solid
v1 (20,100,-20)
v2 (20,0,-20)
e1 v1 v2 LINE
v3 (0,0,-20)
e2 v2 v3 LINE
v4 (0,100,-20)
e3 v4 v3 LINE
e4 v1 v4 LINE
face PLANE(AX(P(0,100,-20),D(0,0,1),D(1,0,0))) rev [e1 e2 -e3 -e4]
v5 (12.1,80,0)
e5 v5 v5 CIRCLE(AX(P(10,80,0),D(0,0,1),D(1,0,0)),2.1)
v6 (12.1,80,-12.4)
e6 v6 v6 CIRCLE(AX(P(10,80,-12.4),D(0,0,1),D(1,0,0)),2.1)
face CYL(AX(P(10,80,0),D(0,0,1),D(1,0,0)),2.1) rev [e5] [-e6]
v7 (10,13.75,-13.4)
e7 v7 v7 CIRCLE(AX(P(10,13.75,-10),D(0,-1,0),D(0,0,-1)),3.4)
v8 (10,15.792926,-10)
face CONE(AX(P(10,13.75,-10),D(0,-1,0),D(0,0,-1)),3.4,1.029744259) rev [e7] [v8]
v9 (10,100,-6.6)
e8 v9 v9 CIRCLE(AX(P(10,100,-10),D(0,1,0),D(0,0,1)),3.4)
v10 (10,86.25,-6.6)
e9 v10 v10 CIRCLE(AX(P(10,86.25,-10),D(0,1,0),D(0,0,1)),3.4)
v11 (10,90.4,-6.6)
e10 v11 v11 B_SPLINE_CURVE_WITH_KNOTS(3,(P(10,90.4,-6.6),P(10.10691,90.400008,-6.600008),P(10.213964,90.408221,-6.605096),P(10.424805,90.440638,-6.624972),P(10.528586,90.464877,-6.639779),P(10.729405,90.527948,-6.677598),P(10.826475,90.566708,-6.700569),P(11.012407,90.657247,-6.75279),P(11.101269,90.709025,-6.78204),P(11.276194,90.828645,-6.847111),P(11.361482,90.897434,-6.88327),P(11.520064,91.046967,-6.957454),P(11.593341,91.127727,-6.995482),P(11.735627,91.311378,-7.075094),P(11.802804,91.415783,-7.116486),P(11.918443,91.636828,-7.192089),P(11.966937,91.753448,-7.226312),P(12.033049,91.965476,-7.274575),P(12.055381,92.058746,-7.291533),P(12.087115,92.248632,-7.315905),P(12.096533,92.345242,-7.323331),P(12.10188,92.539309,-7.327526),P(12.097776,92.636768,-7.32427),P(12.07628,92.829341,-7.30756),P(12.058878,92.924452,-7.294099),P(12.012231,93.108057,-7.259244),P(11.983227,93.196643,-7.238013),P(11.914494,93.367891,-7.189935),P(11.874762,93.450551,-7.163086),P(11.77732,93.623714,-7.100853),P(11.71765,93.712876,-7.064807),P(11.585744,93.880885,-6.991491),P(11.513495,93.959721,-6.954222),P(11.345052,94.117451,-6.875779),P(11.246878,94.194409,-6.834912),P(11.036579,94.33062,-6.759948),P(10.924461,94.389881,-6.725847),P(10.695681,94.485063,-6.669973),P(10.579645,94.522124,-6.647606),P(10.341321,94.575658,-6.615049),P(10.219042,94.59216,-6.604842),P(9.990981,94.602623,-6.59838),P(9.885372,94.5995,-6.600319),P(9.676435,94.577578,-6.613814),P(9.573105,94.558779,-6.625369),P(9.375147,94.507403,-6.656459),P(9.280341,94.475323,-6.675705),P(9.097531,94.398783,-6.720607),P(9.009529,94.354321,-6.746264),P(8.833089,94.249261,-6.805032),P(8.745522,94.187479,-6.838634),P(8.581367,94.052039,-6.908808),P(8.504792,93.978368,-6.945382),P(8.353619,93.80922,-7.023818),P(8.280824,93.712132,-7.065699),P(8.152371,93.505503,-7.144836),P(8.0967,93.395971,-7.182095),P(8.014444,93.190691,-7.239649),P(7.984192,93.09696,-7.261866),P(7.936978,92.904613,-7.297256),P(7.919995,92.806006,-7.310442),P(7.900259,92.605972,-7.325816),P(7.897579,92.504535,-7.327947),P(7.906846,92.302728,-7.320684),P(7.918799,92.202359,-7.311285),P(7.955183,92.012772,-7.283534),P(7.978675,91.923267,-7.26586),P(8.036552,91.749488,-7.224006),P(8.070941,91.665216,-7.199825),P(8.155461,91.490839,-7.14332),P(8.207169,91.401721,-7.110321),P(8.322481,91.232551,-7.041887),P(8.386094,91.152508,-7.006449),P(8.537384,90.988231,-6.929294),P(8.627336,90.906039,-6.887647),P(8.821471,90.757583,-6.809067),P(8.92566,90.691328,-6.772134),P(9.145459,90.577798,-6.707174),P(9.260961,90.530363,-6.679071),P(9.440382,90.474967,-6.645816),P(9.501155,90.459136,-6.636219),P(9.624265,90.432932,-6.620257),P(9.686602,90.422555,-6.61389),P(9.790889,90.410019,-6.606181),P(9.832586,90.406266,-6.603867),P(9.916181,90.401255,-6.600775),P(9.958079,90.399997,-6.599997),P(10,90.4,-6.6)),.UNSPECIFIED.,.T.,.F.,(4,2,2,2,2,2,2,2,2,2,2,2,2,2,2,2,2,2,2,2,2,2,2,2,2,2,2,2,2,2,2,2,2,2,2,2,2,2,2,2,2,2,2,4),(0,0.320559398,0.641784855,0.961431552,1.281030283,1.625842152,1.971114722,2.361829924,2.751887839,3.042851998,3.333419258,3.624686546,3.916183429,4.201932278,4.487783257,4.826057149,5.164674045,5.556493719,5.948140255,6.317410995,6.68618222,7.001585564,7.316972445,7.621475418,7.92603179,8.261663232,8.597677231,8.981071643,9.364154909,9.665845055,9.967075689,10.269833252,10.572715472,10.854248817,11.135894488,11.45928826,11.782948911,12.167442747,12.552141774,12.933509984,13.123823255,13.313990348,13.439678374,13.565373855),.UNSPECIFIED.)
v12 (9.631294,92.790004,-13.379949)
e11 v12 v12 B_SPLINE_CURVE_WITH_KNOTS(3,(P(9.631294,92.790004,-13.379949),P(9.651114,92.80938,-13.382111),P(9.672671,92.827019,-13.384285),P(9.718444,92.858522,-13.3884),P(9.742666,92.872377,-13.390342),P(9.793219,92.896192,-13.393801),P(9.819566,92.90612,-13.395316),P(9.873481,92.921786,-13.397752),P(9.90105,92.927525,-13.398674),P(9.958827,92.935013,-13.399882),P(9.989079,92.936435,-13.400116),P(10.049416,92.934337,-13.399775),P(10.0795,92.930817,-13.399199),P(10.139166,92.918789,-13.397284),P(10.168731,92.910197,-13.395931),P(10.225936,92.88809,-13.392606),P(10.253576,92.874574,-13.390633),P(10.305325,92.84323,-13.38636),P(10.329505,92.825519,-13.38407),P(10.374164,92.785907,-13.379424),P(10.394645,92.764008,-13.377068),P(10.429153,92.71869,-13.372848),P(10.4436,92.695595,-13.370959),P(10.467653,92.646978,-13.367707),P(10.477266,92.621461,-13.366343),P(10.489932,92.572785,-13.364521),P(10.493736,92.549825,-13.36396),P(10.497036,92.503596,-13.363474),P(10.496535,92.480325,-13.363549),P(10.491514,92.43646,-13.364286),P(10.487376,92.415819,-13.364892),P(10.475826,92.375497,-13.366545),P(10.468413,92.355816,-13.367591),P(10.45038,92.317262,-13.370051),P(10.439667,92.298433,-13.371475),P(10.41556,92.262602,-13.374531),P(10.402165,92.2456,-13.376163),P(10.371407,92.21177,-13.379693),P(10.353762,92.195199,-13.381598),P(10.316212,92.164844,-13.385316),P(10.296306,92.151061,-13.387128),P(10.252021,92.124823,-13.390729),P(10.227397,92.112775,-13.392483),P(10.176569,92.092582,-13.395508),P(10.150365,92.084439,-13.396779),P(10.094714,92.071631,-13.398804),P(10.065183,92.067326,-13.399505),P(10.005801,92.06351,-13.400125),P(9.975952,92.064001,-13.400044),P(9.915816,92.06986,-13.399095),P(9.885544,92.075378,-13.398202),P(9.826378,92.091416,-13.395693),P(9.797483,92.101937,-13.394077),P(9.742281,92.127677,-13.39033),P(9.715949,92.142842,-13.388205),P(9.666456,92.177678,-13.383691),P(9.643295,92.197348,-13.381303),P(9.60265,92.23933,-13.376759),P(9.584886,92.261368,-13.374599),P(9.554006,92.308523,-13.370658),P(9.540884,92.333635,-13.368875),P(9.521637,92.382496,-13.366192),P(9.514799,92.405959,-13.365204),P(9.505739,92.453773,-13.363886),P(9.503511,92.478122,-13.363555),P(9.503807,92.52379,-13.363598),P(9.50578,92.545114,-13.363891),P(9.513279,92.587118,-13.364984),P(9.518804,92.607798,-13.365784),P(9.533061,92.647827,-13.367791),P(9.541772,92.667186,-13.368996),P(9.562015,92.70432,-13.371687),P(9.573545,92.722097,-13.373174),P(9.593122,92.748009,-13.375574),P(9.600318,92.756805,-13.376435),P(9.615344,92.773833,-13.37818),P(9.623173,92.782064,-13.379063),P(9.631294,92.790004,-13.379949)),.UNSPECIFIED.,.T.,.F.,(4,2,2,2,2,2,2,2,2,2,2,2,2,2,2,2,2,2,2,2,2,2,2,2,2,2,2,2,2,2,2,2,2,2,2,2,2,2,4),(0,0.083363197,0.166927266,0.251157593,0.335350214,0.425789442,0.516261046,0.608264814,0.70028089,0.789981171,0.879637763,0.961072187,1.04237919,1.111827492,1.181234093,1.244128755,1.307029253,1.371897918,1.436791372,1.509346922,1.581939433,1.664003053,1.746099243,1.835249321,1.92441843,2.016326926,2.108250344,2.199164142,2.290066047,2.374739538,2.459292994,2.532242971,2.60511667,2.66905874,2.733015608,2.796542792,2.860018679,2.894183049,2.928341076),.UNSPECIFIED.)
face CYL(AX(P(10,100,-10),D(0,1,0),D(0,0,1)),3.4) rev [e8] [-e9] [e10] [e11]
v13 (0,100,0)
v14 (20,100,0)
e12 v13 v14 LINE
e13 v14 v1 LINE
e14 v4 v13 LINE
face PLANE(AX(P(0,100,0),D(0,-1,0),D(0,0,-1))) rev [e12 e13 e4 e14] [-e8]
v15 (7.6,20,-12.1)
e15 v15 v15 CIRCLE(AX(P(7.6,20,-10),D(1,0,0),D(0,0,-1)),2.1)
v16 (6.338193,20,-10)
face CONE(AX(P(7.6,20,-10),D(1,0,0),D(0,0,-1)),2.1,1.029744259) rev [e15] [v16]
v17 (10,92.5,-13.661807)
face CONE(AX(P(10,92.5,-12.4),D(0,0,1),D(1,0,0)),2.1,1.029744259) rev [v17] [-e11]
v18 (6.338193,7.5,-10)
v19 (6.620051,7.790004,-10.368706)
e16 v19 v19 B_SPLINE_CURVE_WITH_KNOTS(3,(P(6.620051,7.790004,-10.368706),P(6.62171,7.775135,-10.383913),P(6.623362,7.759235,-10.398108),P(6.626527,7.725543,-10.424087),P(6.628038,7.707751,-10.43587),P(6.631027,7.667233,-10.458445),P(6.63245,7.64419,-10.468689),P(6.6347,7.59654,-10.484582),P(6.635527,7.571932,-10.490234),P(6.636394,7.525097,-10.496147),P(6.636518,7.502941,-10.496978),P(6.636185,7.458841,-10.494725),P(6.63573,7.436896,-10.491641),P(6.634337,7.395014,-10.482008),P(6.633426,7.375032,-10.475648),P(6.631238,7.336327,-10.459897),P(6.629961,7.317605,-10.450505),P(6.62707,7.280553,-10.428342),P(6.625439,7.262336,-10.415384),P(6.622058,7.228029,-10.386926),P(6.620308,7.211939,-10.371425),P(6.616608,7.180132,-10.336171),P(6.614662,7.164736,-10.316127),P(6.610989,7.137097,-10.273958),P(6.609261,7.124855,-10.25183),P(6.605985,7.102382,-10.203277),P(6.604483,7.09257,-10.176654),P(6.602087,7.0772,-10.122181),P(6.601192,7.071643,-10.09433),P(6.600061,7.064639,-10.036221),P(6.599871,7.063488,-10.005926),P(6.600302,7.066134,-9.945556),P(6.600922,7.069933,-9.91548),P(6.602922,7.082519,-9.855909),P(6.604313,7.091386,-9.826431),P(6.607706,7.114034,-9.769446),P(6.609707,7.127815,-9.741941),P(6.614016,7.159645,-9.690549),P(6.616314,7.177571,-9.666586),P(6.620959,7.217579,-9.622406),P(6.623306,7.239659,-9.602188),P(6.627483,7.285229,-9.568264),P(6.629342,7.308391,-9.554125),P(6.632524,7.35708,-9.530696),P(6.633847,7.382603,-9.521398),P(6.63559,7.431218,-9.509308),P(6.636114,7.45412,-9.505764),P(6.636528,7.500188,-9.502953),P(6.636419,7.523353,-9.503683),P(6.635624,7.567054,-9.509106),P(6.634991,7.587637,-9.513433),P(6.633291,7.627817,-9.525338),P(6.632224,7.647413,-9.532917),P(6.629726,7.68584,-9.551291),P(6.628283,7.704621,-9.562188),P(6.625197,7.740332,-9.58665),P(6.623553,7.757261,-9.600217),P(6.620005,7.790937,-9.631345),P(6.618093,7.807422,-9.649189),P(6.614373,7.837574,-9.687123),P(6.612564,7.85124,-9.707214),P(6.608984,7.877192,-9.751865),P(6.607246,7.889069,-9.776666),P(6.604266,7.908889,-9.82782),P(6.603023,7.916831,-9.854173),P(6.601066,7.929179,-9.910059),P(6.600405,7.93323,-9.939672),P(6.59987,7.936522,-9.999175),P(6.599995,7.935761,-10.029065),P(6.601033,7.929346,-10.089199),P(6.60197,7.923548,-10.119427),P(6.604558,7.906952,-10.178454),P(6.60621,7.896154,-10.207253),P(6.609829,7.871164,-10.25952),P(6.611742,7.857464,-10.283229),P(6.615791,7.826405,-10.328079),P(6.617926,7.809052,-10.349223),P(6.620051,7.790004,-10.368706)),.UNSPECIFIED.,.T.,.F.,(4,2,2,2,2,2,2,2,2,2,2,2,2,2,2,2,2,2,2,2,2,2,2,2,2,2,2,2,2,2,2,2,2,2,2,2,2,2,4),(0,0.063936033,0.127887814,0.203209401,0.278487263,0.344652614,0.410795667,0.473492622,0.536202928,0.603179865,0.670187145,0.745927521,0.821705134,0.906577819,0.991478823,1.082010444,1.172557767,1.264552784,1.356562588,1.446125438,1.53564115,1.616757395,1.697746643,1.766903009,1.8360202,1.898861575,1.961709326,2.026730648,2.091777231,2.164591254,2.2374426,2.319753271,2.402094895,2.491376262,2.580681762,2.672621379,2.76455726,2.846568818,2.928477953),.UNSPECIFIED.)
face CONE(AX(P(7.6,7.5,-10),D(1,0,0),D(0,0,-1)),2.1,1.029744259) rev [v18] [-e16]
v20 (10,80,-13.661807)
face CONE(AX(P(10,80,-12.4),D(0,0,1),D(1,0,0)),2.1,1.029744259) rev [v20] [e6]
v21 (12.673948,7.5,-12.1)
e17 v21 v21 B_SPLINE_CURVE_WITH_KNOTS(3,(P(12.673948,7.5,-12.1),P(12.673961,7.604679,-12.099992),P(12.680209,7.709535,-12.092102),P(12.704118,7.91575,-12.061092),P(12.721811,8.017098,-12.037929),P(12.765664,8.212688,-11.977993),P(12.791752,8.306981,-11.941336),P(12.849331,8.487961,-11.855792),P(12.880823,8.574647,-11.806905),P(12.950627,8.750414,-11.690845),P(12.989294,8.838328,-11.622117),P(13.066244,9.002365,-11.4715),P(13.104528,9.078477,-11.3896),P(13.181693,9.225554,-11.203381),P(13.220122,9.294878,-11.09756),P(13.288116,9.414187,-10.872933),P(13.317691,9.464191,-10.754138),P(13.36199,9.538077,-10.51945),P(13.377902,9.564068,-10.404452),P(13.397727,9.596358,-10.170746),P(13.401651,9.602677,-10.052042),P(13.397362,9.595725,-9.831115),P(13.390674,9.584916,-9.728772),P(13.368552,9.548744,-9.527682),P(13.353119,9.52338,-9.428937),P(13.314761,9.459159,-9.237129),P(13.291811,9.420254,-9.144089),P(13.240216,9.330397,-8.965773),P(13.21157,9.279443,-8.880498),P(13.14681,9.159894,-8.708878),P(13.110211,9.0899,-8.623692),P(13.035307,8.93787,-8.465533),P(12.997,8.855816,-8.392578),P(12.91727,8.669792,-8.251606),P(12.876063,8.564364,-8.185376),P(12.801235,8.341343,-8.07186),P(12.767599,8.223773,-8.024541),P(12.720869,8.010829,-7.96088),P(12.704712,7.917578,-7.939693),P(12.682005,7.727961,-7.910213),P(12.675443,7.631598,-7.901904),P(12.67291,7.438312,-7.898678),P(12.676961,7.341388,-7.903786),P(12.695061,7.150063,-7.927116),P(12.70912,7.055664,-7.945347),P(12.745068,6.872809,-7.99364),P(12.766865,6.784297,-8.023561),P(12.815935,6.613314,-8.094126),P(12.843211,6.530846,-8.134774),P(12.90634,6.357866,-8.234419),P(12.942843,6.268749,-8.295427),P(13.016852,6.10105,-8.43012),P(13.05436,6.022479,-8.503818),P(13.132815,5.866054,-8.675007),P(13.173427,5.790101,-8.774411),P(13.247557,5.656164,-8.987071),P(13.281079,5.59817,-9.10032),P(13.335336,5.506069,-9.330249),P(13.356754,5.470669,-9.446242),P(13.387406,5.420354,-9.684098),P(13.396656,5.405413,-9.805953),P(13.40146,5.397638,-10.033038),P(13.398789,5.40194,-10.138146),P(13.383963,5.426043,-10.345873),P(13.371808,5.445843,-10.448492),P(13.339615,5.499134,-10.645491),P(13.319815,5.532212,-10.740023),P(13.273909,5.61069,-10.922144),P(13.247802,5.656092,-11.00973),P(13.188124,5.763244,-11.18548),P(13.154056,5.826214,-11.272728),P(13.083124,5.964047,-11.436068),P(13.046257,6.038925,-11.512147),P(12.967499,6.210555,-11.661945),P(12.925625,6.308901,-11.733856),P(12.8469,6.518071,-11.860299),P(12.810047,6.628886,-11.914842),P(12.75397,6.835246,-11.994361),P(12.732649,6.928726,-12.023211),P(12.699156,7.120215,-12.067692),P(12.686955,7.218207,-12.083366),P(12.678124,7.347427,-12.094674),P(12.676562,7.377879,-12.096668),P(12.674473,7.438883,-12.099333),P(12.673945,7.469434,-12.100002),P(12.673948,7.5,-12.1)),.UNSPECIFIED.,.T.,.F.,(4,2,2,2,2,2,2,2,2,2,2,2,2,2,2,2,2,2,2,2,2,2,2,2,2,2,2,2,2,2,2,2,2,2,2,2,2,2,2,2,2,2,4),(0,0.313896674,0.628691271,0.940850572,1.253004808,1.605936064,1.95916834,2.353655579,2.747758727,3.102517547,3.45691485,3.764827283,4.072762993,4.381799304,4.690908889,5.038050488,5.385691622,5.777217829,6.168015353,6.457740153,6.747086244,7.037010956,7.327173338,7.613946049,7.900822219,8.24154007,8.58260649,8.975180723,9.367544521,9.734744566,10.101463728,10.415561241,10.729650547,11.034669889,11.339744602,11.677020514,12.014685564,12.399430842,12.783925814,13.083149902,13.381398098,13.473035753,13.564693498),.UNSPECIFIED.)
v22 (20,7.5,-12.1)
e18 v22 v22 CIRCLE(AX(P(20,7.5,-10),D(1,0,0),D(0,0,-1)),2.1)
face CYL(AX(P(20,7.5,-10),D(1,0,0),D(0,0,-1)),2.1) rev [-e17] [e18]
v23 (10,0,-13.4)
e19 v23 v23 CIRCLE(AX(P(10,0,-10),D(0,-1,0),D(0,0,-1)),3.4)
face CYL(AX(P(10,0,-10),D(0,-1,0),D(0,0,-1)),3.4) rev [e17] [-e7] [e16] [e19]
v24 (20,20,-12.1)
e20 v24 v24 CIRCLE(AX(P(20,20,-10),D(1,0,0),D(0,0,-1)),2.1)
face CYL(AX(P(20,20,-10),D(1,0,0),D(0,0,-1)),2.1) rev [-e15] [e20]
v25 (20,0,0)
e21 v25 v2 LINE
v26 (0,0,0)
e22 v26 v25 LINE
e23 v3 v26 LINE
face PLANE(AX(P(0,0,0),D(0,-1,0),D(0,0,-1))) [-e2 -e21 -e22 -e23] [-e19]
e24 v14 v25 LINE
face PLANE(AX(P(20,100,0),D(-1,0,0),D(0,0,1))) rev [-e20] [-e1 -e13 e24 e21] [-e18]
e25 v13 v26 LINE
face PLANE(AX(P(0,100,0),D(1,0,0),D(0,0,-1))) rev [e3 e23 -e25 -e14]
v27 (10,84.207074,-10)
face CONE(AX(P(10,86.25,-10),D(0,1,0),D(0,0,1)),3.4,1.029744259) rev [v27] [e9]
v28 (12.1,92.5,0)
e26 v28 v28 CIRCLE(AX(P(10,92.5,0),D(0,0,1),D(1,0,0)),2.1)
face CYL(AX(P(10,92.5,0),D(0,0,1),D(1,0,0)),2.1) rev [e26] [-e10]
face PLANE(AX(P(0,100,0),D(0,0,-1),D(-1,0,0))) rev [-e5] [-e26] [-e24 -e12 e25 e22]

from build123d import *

# Parameters (mm, degrees)
SKETCH1_W             = 20
SKETCH1_H             = 20
BOSS_EXTRUDE1_DEPTH   = 100
M5_TAPPED_HOLE1_D     = 4.2
M5_TAPPED_HOLE1_DEPTH = 12.4
M5_TAPPED_HOLE1_TIP   = 1.2618073
M5_TAPPED_HOLE2_D     = 4.2
M5_TAPPED_HOLE2_DEPTH = 12.4
M5_TAPPED_HOLE2_TIP   = 1.2618073


with BuildPart() as part:
    # Sketch1 → Boss-Extrude1 (new body)
    with BuildSketch(Plane(origin=(0, 0, 0), x_dir=(1, 0, 0), z_dir=(0, 1, 0))):
        with Locations((10, 10)):
            Rectangle(SKETCH1_W, SKETCH1_H)
    extrude(amount=BOSS_EXTRUDE1_DEPTH)

    # Sketch5 → M8 Tapped Hole1 (revolve, cut)
    with BuildSketch(Plane(origin=(10, 100, -10), x_dir=(0, 0, 1), z_dir=(1, 0, 0))):
        Polygon((0, 0), (0, 15.792926105), (3.4, 13.75), (3.4, 0), align=None)
    m8_tapped_hole1 = revolve(axis=Axis((10, 106.35, -10), (0, -1, 0)), mode=Mode.SUBTRACT)

    # Mirror1: M8 Tapped Hole1 across plane
    add(m8_tapped_hole1.mirror(Plane.ZX.offset(50)), mode=Mode.SUBTRACT)

    # M5 Tapped Hole1
    with Locations(Plane.XY):
        with Locations((10, 80), (10, 92.5)):
            Hole(M5_TAPPED_HOLE1_D / 2, depth=M5_TAPPED_HOLE1_DEPTH)
            with Locations((0, 0, -(M5_TAPPED_HOLE1_DEPTH + M5_TAPPED_HOLE1_TIP / 2))):  # 118° drill point
                Cone(0, M5_TAPPED_HOLE1_D / 2, M5_TAPPED_HOLE1_TIP, mode=Mode.SUBTRACT)

    # M5 Tapped Hole2
    with Locations(Plane(origin=(20, 0, 0), x_dir=(0, 0, -1), z_dir=(1, 0, 0))):
        with Locations((10, 7.5), (10, 20)):
            Hole(M5_TAPPED_HOLE2_D / 2, depth=M5_TAPPED_HOLE2_DEPTH)
            with Locations((0, 0, -(M5_TAPPED_HOLE2_DEPTH + M5_TAPPED_HOLE2_TIP / 2))):  # 118° drill point
                Cone(0, M5_TAPPED_HOLE2_D / 2, M5_TAPPED_HOLE2_TIP, mode=Mode.SUBTRACT)


solid = part.part
